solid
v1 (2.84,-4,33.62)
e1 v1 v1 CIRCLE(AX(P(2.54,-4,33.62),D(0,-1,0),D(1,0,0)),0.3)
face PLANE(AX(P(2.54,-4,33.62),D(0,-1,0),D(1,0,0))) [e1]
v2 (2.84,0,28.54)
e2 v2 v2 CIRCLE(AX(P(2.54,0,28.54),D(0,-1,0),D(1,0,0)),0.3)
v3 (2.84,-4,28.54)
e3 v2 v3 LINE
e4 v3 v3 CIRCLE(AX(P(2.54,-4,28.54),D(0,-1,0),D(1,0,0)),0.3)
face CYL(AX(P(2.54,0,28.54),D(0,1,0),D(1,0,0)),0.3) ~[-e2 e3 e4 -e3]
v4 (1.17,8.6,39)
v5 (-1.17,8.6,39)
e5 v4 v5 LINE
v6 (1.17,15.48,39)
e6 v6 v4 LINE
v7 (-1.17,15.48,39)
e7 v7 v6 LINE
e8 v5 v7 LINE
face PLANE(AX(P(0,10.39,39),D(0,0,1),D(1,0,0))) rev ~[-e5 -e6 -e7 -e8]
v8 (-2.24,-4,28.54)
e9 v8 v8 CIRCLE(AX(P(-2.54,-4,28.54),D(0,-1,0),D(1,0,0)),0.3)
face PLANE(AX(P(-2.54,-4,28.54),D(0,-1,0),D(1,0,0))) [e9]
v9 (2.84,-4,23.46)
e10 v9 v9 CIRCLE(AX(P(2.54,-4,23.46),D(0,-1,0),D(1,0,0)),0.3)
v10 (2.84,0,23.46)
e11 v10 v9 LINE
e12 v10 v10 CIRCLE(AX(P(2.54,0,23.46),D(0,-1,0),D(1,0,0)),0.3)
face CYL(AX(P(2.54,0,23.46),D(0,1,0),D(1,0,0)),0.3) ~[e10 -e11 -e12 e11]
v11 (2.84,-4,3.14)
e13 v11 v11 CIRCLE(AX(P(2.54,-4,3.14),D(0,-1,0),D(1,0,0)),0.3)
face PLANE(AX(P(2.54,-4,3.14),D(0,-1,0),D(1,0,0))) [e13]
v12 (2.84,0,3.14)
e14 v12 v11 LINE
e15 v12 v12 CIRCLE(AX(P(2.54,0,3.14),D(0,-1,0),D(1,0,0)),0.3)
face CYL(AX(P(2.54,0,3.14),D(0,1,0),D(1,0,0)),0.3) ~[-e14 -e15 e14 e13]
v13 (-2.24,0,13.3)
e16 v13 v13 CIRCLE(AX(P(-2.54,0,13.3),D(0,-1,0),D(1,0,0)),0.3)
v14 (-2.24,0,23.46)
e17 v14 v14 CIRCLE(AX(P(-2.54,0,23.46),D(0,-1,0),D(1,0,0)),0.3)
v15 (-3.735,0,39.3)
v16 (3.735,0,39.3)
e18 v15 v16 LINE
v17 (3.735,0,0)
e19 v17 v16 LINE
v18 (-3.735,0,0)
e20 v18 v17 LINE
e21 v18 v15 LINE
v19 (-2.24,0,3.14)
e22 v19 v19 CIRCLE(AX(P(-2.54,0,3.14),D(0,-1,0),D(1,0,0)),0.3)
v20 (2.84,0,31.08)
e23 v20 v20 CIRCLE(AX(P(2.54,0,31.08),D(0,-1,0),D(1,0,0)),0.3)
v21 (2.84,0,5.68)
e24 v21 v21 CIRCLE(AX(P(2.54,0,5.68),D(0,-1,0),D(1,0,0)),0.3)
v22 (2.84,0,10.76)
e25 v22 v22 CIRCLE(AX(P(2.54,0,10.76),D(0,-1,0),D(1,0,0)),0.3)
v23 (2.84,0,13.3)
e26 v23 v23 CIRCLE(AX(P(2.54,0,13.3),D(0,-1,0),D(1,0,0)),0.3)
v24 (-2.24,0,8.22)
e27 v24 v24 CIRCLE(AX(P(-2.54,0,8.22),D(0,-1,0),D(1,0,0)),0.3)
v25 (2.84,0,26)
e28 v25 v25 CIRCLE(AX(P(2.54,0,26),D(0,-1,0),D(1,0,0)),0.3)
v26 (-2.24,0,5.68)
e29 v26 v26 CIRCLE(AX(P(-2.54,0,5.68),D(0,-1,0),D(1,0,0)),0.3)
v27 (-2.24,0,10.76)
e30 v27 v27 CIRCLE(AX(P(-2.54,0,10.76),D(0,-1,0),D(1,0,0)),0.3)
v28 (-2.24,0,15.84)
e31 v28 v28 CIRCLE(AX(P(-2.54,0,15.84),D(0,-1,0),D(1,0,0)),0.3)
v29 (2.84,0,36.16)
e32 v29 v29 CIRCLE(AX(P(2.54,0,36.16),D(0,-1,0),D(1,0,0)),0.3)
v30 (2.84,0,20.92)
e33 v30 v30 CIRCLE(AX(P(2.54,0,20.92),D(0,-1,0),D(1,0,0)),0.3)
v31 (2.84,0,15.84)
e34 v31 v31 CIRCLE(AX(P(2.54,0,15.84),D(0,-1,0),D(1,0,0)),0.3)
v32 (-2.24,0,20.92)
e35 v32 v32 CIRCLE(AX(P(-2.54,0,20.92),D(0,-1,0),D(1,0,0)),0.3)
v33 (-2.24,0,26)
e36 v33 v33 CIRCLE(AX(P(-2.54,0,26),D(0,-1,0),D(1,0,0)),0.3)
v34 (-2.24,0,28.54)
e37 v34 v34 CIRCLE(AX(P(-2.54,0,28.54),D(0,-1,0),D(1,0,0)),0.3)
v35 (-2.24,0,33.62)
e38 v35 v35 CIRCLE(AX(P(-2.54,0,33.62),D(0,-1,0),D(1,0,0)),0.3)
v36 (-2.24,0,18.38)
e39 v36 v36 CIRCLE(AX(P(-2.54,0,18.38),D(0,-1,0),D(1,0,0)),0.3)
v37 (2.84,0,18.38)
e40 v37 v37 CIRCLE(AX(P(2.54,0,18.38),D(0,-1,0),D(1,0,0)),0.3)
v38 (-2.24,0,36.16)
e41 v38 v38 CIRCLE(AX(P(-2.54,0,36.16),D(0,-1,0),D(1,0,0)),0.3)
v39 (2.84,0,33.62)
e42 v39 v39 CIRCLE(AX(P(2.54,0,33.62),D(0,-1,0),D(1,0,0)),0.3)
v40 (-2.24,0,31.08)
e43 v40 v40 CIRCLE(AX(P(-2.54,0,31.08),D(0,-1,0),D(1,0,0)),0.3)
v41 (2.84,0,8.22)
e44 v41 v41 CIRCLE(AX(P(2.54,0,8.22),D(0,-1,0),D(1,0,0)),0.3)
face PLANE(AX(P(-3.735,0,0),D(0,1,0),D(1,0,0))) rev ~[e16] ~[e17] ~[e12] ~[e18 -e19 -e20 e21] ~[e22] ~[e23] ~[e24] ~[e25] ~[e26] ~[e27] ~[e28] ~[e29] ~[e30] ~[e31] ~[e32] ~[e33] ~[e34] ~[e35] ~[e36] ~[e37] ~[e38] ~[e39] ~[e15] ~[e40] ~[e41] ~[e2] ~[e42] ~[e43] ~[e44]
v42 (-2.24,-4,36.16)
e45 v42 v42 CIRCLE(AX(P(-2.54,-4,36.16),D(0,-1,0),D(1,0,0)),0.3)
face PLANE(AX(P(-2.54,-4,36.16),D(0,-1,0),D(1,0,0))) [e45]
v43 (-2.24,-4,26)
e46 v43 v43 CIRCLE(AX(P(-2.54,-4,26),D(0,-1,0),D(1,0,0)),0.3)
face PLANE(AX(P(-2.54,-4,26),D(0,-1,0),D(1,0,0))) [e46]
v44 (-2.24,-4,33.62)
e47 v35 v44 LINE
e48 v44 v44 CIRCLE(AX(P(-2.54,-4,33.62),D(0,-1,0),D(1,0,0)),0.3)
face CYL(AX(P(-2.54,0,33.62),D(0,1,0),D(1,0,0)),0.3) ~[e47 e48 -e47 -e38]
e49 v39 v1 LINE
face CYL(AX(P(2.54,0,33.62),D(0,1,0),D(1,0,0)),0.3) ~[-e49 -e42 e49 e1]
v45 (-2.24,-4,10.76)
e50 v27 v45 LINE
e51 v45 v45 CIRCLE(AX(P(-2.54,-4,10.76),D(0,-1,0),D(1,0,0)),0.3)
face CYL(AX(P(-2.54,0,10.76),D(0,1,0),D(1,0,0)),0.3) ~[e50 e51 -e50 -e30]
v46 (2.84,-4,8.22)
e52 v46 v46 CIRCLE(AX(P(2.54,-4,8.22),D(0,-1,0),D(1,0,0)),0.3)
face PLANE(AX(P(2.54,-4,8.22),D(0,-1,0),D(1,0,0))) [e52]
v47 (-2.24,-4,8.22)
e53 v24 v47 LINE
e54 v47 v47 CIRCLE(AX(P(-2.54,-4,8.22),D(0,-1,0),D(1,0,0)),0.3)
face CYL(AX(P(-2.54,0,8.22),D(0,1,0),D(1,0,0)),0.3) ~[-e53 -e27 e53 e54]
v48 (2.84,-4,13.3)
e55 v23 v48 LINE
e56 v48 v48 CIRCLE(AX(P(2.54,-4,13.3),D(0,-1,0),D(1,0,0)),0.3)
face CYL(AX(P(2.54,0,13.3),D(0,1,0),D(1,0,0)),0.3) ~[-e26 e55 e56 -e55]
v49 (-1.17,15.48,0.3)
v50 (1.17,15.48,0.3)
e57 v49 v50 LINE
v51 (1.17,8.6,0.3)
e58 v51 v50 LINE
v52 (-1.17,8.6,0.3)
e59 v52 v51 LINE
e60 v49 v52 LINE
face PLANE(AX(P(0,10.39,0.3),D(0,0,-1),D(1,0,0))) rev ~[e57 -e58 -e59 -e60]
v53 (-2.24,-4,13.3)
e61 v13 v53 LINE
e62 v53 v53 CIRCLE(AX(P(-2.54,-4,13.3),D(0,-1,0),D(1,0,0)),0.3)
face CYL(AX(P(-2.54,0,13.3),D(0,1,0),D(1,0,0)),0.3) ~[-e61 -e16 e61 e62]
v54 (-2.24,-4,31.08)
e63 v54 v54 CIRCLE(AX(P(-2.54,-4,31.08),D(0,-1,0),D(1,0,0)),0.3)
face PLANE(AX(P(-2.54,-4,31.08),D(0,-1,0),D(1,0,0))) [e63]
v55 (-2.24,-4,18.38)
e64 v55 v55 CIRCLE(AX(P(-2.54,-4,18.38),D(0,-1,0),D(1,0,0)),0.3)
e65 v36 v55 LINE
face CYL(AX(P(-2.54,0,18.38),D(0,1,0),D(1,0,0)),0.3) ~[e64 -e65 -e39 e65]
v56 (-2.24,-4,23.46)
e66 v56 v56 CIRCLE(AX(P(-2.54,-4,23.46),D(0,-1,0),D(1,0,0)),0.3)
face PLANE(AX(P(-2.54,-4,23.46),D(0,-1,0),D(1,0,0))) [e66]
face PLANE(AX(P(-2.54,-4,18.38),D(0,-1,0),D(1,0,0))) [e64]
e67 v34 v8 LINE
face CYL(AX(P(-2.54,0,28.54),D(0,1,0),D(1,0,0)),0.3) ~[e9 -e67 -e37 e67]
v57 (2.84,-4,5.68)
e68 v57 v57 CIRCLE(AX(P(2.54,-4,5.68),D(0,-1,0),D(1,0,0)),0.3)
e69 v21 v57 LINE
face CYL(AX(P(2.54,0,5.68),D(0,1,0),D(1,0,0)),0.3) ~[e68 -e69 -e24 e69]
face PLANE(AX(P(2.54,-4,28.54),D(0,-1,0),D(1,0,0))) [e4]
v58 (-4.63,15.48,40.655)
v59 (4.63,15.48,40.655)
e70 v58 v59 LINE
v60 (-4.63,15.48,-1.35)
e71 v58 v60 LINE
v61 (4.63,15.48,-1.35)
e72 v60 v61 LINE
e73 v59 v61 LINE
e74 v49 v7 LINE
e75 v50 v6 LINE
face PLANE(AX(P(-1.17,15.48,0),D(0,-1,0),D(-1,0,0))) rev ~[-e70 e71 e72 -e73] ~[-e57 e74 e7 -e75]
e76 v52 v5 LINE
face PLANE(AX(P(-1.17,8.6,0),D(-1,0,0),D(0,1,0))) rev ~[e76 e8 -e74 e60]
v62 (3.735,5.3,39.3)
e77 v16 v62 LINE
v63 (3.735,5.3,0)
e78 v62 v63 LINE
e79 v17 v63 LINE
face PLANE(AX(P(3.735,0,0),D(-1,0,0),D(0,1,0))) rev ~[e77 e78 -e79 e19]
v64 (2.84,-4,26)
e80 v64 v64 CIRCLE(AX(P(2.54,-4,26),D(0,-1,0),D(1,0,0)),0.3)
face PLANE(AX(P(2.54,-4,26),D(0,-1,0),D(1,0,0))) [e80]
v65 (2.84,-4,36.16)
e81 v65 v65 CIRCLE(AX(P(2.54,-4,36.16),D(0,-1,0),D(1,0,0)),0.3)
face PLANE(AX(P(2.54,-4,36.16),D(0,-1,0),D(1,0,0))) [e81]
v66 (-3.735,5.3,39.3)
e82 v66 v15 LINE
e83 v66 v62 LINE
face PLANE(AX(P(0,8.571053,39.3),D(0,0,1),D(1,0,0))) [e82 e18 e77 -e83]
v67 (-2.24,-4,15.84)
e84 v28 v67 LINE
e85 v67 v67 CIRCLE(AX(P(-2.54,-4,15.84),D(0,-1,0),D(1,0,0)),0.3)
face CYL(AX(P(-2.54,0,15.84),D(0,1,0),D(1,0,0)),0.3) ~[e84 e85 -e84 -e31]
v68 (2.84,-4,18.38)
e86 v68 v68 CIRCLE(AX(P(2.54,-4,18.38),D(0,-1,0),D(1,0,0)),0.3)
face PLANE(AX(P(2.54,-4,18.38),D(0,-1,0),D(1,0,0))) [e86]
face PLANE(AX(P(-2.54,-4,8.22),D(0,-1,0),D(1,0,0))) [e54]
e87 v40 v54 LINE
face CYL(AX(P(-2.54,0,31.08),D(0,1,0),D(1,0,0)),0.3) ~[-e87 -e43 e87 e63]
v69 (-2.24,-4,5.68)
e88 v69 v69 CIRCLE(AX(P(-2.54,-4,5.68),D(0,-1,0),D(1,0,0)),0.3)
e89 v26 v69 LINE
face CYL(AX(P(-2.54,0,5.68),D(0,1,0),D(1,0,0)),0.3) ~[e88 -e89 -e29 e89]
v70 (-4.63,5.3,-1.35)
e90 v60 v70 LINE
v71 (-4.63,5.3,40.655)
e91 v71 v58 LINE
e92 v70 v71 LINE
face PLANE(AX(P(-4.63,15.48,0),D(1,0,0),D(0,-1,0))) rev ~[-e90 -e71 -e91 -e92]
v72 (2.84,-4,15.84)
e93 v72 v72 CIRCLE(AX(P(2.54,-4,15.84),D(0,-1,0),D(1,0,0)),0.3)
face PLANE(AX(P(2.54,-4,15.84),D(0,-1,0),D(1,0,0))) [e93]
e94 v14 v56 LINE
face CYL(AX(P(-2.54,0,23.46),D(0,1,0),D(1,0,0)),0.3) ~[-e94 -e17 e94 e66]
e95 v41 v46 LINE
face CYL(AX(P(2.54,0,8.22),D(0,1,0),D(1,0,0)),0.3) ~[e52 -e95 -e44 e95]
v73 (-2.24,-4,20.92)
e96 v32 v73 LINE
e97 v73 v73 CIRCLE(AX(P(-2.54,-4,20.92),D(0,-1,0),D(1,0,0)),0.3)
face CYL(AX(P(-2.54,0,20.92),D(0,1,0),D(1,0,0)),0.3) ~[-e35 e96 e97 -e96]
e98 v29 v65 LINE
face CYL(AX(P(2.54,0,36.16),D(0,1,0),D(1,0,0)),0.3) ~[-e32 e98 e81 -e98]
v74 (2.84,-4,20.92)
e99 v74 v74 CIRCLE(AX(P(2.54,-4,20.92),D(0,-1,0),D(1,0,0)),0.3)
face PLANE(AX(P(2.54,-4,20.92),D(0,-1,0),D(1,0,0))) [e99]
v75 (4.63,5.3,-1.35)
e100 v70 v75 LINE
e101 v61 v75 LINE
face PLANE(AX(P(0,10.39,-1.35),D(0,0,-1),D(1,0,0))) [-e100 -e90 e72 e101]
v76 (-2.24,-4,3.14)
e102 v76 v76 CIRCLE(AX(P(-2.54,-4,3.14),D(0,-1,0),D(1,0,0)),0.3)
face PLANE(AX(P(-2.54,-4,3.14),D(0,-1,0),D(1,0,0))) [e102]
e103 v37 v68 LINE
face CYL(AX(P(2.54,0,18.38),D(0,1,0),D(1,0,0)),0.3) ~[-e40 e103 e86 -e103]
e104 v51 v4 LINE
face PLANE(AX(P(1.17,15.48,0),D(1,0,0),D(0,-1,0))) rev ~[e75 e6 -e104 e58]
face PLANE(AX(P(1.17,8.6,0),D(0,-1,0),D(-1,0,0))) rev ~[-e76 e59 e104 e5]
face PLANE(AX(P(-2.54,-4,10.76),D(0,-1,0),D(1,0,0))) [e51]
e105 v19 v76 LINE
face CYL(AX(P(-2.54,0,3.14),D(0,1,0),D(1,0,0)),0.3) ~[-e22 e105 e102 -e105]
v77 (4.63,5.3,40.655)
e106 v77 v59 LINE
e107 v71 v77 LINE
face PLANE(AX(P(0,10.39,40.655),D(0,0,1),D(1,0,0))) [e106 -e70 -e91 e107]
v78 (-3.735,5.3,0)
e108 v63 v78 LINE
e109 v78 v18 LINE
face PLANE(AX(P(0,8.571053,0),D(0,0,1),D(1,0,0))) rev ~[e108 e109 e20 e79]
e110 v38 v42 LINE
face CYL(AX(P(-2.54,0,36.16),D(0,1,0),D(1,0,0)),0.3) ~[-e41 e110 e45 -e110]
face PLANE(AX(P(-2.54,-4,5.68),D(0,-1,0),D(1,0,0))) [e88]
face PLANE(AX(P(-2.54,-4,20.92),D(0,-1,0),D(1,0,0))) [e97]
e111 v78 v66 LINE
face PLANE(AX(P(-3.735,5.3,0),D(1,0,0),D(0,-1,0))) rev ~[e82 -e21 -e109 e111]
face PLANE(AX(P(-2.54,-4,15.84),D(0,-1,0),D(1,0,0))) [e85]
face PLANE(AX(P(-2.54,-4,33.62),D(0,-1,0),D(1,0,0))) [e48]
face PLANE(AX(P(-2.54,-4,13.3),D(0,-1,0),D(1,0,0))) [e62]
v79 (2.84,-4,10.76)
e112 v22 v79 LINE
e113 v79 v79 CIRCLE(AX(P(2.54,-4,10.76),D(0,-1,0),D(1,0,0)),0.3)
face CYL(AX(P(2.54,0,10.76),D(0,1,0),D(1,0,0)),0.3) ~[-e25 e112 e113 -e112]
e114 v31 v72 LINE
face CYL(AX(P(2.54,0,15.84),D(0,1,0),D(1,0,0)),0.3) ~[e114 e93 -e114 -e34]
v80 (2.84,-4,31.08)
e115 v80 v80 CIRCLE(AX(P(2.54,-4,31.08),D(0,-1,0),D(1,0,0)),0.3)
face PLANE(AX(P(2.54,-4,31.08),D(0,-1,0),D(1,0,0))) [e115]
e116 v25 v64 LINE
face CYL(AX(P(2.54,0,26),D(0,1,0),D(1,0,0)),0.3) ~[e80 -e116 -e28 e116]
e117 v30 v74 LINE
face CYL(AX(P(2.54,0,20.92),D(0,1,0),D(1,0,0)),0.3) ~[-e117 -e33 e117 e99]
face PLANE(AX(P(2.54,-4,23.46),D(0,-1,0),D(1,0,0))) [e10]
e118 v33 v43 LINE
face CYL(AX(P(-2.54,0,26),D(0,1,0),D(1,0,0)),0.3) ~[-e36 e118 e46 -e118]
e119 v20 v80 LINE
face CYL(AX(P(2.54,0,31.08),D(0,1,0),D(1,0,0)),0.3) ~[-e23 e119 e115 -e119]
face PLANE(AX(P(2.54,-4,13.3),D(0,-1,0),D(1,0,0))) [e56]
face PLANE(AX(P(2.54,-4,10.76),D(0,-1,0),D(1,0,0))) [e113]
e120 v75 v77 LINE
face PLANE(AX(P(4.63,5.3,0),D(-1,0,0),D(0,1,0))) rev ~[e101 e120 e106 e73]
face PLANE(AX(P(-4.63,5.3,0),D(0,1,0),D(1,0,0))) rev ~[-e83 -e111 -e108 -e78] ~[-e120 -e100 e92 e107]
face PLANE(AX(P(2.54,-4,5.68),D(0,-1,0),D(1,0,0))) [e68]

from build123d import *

# Parameters (mm, degrees)
SKETCH001_W           = 9.26
SKETCH001_H           = 10.18
EXTRUDE001_DEPTH      = 1.355
EXTRUDE001_DEPTH_BACK = 0.3
SKETCH002_W           = 9.26
SKETCH002_H           = 10.18
EXTRUDE002_DEPTH      = 1.35
EXTRUDE002_DEPTH_BACK = 0.3
SKETCH003_R           = 0.3
EXTRUDE003_DEPTH      = 4
EXTRUDE_DEPTH         = 39.3


with BuildPart() as extrude001:
    # Sketch001 (on Face14 of Extrude) → Extrude001 (new body, two sides)
    with BuildSketch(Plane.XY.offset(39.3)) as extrude001_sk:
        with Locations((0, 10.39)):
            Rectangle(SKETCH001_W, SKETCH001_H)
    extrude(amount=EXTRUDE001_DEPTH)
    extrude(extrude001_sk.sketch, amount=-EXTRUDE001_DEPTH_BACK)


with BuildPart() as extrude002:
    # Sketch002 (on Face13 of Extrude) → Extrude002 (new body, two sides)
    with BuildSketch(Plane(origin=(0, 0, 0), x_dir=(1, 0, 0), z_dir=(0, 0, -1))) as extrude002_sk:
        with Locations((0, -10.39)):
            Rectangle(SKETCH002_W, SKETCH002_H)
    extrude(amount=EXTRUDE002_DEPTH)
    extrude(extrude002_sk.sketch, amount=-EXTRUDE002_DEPTH_BACK)


with BuildPart() as extrude003:
    # Sketch003 (on Face4 of Extrude) → Extrude003 (new body)
    with BuildSketch(Plane.XZ):
        with Locations((-2.54, 36.16)):
            Circle(SKETCH003_R)
        with Locations((-2.54, 33.62)):
            Circle(SKETCH003_R)
        with Locations((-2.54, 31.08)):
            Circle(SKETCH003_R)
        with Locations((-2.54, 28.54)):
            Circle(SKETCH003_R)
        with Locations((-2.54, 26)):
            Circle(SKETCH003_R)
        with Locations((-2.54, 23.46)):
            Circle(SKETCH003_R)
        with Locations((-2.54, 20.92)):
            Circle(SKETCH003_R)
        with Locations((-2.54, 18.38)):
            Circle(SKETCH003_R)
        with Locations((-2.54, 15.84)):
            Circle(SKETCH003_R)
        with Locations((-2.54, 13.3)):
            Circle(SKETCH003_R)
        with Locations((-2.54, 10.76)):
            Circle(SKETCH003_R)
        with Locations((-2.54, 8.22)):
            Circle(SKETCH003_R)
        with Locations((-2.54, 5.68)):
            Circle(SKETCH003_R)
        with Locations((-2.54, 3.14)):
            Circle(SKETCH003_R)
        with Locations((2.54, 3.14)):
            Circle(SKETCH003_R)
        with Locations((2.54, 5.68)):
            Circle(SKETCH003_R)
        with Locations((2.54, 8.22)):
            Circle(SKETCH003_R)
        with Locations((2.54, 10.76)):
            Circle(SKETCH003_R)
        with Locations((2.54, 13.3)):
            Circle(SKETCH003_R)
        with Locations((2.54, 15.84)):
            Circle(SKETCH003_R)
        with Locations((2.54, 18.38)):
            Circle(SKETCH003_R)
        with Locations((2.54, 20.92)):
            Circle(SKETCH003_R)
        with Locations((2.54, 23.46)):
            Circle(SKETCH003_R)
        with Locations((2.54, 26)):
            Circle(SKETCH003_R)
        with Locations((2.54, 28.54)):
            Circle(SKETCH003_R)
        with Locations((2.54, 31.08)):
            Circle(SKETCH003_R)
        with Locations((2.54, 33.62)):
            Circle(SKETCH003_R)
        with Locations((2.54, 36.16)):
            Circle(SKETCH003_R)
    extrude(amount=EXTRUDE003_DEPTH)


with BuildPart() as fusion:
    # Sketch → Extrude (new body)
    with BuildSketch(Plane.XY):
        Polygon((-4.63, 15.48), (-4.63, 5.3), (-3.735, 5.3), (-3.735, 0), (3.735, 0), (3.735, 5.3), (4.63, 5.3), (4.63, 15.48), (1.17, 15.48), (1.17, 8.6), (-1.17, 8.6), (-1.17, 15.48), align=None)
    extrude(amount=EXTRUDE_DEPTH)

    # Fusion: union Extrude001, Extrude002, Extrude003
    add(extrude001.part)
    add(extrude002.part)
    add(extrude003.part)


solid = fusion.part
